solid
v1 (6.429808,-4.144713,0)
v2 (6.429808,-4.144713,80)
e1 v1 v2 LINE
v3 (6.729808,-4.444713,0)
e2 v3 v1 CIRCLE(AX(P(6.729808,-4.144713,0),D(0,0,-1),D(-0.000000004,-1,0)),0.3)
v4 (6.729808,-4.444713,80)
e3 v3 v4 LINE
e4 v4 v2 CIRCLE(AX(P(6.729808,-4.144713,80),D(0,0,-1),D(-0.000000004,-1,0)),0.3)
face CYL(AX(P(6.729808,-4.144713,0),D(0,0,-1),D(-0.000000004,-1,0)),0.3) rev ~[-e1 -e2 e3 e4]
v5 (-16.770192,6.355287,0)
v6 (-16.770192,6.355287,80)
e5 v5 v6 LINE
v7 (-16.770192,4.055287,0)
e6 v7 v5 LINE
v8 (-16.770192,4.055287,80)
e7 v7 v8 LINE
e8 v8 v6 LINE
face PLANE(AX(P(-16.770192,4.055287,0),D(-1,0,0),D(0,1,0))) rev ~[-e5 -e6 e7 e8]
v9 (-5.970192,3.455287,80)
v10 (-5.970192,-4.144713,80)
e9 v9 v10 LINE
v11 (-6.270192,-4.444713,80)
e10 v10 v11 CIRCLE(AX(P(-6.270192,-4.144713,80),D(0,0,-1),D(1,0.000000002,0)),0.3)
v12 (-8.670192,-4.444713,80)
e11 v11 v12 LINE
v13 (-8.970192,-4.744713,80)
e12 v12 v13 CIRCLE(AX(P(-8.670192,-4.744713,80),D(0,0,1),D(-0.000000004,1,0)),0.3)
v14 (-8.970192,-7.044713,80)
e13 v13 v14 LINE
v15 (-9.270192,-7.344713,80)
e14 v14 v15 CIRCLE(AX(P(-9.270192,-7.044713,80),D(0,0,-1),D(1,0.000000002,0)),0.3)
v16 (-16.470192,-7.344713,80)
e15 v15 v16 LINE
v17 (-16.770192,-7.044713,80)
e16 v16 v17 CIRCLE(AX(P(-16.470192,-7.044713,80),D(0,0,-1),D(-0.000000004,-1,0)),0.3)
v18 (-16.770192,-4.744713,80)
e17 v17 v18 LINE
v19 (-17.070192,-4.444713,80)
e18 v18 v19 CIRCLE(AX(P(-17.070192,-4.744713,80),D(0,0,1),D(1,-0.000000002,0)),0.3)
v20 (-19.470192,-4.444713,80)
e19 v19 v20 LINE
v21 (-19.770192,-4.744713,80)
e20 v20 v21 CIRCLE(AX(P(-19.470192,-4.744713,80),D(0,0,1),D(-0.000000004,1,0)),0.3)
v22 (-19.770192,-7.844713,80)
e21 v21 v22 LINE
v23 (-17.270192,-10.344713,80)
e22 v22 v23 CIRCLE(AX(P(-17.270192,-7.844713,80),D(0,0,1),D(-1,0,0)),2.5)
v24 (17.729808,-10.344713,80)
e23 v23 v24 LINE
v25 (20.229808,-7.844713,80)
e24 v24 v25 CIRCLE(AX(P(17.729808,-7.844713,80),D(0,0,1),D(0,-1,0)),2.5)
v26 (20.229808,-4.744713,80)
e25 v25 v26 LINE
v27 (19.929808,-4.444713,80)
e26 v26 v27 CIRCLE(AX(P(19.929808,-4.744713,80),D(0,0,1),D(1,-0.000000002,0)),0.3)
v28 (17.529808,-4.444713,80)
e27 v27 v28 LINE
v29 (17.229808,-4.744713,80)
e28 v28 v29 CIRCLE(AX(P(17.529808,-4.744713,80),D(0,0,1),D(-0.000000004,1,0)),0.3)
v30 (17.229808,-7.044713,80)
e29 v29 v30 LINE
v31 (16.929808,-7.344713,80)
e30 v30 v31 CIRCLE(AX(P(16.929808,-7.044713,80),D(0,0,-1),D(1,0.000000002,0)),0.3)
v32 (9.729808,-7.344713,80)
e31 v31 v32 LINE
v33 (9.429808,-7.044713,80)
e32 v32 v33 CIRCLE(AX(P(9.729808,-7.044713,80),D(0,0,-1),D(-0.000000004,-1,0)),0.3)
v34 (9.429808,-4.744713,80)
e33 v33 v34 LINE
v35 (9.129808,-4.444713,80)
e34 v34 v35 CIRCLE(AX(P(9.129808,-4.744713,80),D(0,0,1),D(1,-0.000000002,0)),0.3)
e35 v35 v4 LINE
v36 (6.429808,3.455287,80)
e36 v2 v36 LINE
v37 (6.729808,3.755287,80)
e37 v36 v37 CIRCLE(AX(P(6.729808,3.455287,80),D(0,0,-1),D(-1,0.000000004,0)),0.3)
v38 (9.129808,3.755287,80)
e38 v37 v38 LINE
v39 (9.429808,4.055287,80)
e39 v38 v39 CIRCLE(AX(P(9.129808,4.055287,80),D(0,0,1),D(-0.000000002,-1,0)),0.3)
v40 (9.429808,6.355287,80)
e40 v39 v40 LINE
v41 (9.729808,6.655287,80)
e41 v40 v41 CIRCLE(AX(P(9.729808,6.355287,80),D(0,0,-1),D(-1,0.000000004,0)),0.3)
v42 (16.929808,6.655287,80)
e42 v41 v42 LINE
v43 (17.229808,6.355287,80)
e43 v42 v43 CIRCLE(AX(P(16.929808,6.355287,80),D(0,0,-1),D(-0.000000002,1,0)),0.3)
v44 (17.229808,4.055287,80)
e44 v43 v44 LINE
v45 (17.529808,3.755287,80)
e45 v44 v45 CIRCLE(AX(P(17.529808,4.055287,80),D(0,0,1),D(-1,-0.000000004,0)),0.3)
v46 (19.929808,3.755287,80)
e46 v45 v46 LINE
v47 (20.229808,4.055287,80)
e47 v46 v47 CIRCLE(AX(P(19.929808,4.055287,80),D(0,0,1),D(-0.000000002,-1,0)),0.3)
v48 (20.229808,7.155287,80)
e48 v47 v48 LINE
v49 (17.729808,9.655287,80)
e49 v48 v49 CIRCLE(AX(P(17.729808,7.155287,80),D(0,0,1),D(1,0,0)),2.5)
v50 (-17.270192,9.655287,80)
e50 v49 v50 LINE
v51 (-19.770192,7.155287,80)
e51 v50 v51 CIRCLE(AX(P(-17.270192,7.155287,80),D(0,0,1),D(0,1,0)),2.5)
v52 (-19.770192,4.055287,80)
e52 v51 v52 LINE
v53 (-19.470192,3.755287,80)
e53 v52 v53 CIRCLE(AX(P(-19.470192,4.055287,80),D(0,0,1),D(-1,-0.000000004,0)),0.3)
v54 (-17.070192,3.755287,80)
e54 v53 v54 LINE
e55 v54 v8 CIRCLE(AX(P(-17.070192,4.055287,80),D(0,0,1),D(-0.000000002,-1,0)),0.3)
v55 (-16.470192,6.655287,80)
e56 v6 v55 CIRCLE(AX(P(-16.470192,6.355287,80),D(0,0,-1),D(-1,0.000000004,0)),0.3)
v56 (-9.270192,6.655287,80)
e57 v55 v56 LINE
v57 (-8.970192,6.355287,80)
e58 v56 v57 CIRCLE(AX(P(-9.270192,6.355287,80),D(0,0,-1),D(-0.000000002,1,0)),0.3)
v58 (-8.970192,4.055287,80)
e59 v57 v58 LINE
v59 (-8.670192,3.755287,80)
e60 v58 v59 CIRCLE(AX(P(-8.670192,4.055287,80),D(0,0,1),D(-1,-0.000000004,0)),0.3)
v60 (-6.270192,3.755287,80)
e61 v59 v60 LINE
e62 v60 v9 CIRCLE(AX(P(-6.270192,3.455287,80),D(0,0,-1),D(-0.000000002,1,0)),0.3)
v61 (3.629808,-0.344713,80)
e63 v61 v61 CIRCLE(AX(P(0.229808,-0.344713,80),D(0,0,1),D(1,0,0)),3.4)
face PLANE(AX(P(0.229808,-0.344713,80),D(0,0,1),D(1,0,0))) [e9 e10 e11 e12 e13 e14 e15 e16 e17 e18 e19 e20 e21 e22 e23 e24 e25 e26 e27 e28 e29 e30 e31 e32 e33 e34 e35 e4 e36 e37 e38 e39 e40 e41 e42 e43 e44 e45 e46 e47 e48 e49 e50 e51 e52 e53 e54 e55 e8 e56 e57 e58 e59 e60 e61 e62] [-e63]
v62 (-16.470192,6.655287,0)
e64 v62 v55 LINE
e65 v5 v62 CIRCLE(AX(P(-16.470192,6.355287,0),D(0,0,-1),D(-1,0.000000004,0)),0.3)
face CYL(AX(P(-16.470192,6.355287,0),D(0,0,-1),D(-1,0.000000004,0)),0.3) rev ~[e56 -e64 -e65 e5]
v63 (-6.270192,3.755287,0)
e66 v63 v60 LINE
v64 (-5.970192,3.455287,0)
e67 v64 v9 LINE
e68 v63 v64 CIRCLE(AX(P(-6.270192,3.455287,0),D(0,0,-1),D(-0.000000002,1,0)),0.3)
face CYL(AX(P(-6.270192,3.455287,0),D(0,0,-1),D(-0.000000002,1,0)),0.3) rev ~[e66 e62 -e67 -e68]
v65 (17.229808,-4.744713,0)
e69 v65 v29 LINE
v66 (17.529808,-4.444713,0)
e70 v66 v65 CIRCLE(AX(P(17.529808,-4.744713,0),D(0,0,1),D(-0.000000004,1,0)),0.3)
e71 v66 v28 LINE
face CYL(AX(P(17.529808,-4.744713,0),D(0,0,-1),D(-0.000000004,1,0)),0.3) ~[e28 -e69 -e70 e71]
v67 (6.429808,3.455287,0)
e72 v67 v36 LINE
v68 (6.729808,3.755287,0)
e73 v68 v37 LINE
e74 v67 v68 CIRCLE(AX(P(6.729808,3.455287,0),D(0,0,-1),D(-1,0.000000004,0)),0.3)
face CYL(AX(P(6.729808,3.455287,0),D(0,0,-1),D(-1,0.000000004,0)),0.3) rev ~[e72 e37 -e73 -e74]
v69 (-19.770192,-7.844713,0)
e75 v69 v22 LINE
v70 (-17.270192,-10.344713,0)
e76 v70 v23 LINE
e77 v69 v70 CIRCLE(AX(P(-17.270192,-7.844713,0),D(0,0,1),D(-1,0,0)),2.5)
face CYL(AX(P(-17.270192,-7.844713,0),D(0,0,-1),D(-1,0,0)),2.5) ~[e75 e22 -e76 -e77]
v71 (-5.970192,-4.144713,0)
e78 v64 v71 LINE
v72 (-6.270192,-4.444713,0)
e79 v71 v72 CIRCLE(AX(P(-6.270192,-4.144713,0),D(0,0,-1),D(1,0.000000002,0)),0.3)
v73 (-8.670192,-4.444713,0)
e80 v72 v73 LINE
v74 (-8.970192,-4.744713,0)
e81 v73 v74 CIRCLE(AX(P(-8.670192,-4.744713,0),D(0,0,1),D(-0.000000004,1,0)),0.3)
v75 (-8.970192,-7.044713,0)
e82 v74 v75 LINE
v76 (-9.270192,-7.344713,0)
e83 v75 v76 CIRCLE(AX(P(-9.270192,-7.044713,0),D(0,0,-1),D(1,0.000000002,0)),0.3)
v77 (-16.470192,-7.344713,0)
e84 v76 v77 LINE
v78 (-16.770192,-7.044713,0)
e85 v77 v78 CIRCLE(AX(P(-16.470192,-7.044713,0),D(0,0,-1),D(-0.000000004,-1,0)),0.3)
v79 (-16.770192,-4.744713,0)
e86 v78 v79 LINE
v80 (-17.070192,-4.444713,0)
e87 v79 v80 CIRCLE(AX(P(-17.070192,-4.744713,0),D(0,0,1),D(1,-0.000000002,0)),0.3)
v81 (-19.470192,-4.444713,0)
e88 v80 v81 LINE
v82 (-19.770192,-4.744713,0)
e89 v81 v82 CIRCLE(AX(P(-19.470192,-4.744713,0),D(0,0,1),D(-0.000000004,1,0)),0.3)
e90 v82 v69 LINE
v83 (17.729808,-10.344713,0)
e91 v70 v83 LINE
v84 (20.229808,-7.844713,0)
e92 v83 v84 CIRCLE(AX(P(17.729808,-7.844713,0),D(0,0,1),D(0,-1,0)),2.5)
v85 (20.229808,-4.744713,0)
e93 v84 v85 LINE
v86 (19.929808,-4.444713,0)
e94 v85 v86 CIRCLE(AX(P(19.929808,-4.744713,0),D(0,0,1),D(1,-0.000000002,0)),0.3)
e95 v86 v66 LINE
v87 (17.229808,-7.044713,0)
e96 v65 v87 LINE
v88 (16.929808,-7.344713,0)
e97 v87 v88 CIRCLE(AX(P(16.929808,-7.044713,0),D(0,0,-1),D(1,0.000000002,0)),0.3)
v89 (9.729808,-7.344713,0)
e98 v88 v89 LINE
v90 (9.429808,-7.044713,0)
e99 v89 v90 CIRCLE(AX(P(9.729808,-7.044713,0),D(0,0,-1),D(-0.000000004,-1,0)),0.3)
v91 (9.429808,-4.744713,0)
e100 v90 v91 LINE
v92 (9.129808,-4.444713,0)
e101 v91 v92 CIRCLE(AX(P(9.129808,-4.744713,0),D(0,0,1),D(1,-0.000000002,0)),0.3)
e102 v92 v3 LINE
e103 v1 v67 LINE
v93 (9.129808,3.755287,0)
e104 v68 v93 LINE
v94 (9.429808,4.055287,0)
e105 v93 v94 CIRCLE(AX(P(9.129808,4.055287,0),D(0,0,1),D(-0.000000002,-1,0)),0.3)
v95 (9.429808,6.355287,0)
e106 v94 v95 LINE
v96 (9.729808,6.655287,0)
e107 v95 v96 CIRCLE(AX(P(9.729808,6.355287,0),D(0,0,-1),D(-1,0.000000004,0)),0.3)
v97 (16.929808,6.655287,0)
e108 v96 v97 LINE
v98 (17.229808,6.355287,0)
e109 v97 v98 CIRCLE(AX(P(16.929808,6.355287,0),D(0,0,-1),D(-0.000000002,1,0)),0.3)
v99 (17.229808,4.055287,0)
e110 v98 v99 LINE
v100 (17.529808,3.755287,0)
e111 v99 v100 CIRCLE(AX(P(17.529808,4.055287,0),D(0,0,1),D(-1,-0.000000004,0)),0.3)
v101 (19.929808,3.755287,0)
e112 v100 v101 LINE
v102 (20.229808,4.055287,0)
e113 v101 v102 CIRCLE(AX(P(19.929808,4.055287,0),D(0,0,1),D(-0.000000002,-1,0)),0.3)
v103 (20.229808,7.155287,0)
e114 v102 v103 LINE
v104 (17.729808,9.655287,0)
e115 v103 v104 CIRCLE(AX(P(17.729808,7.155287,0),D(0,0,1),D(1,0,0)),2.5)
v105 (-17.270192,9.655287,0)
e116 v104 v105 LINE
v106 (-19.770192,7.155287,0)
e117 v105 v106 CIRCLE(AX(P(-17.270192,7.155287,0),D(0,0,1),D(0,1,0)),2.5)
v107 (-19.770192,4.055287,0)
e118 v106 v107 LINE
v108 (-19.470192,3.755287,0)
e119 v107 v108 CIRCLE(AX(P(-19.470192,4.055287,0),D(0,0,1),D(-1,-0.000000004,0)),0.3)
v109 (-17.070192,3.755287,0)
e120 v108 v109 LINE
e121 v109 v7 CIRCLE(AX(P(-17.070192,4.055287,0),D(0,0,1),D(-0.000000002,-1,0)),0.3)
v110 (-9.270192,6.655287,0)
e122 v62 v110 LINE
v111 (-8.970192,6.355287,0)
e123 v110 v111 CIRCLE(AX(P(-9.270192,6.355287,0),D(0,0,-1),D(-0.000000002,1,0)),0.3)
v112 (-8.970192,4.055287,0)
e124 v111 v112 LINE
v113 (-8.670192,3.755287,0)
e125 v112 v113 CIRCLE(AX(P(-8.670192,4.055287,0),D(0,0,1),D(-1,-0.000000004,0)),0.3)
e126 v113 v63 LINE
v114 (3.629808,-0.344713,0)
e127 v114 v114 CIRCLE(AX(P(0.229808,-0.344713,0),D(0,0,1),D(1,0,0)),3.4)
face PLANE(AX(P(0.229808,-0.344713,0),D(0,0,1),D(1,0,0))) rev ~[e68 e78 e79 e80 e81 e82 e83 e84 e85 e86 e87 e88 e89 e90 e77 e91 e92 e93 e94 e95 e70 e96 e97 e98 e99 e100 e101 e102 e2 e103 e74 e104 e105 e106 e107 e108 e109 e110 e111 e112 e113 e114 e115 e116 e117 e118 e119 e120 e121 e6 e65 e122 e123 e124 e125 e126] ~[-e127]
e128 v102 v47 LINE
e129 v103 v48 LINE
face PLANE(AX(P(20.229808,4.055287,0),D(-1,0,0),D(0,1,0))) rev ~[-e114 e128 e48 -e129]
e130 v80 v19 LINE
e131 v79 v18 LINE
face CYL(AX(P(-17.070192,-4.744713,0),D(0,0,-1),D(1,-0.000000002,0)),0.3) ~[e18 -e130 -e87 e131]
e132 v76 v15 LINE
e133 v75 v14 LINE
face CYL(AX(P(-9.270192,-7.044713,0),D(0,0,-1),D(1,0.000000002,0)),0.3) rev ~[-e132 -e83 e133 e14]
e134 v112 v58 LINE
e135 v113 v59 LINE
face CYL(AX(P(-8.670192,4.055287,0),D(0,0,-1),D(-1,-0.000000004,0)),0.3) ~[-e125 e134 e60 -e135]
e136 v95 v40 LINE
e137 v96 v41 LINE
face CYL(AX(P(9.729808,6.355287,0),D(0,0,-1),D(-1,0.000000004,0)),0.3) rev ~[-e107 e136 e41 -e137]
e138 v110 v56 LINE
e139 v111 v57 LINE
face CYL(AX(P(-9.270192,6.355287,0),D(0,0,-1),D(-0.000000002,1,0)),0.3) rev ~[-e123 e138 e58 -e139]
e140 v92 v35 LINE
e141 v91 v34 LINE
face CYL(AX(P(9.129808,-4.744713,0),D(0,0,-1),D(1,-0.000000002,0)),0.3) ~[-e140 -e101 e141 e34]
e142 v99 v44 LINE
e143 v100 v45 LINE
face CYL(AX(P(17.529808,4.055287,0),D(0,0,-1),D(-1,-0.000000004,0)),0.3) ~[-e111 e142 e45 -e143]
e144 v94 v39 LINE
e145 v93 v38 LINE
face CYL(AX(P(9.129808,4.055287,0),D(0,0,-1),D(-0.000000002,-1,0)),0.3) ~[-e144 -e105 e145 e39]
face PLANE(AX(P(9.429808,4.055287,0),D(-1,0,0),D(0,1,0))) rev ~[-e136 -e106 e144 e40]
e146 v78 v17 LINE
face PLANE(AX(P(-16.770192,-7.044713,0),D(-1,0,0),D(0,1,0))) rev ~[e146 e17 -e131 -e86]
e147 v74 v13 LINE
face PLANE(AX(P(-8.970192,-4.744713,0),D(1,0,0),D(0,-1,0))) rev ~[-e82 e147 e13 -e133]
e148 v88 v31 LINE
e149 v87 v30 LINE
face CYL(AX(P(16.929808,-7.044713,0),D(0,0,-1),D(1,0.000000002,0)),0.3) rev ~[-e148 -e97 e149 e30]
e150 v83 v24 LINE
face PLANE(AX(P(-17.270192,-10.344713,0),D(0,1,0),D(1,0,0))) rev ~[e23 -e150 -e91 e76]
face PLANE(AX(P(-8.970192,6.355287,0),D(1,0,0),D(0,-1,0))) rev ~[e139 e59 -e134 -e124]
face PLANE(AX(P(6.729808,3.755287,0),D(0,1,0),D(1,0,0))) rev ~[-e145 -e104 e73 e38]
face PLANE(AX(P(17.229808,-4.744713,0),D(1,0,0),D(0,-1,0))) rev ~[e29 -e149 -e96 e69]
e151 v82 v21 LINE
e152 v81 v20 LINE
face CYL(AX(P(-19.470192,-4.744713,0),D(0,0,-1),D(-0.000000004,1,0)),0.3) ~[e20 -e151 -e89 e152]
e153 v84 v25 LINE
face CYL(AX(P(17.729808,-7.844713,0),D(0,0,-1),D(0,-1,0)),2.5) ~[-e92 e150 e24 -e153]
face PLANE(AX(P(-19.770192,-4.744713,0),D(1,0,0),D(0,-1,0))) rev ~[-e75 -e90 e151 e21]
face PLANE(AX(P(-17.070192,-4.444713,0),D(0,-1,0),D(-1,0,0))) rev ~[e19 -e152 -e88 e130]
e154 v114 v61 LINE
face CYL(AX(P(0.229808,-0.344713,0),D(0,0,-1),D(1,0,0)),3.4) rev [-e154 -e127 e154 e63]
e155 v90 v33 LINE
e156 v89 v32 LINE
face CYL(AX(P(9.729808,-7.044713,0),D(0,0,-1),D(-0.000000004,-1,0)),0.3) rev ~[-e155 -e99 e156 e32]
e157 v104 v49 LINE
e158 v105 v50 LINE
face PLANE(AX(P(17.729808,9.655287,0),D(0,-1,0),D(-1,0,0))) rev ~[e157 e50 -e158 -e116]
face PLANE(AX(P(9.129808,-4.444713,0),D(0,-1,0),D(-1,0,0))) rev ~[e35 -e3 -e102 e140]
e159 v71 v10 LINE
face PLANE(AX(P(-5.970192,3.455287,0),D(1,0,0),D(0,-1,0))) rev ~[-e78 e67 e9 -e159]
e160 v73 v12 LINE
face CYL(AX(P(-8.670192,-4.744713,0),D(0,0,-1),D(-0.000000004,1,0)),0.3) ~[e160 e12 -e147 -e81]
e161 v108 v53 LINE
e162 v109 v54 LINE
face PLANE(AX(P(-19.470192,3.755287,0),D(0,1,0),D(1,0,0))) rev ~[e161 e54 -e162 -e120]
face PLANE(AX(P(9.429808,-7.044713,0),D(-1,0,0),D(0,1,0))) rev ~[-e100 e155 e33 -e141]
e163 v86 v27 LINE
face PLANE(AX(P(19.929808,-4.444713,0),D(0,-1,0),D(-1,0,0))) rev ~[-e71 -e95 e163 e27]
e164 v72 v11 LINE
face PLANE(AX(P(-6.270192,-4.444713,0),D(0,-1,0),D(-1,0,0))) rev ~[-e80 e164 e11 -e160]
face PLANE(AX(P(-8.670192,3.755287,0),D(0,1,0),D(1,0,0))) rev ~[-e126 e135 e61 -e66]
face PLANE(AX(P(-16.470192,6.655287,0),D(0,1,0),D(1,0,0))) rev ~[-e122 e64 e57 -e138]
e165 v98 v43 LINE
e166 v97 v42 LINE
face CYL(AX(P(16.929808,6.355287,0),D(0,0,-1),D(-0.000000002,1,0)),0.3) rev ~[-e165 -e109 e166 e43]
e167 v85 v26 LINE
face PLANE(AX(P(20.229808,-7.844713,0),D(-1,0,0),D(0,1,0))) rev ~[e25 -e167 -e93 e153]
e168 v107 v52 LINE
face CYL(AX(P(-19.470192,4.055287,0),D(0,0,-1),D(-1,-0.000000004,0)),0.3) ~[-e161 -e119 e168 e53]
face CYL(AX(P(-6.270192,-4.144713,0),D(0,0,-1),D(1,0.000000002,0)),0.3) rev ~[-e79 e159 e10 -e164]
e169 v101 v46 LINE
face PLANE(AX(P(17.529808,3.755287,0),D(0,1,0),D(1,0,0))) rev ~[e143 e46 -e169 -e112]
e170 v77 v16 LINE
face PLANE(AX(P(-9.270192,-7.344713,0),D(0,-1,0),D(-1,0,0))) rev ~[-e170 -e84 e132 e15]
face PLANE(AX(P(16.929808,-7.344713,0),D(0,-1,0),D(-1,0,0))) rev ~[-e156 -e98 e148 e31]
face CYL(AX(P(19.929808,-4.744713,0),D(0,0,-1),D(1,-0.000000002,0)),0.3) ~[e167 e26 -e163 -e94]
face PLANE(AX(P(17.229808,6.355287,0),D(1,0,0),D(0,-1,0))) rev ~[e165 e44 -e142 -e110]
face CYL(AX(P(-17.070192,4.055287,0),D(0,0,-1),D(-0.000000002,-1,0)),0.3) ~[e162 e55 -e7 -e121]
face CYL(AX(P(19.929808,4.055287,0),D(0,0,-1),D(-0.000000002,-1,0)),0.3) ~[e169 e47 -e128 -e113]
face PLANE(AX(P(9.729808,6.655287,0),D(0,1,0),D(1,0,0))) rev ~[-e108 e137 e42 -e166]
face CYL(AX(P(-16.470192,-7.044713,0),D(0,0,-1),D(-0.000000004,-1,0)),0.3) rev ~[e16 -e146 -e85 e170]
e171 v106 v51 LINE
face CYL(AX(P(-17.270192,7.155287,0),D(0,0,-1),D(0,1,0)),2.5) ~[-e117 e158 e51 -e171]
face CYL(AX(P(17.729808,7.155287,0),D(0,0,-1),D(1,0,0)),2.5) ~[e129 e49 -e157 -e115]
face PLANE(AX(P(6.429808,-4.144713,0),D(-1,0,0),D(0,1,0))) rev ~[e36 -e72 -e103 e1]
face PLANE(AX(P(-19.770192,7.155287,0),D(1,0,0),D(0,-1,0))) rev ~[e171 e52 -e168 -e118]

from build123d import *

# Parameters (mm, degrees)
SKETCH_1_R      = 3.4
EXTRUDE_1_DEPTH = 80


with BuildPart() as part:
    # 草图1 → 凸台-拉伸1 (new body)
    with BuildSketch(Plane.XY):
        with BuildLine():
            Line((20.229808423, 4.055287365), (20.229808423, 7.155287365))
            ThreePointArc((20.229808423, 7.155287365), (19.497575376, 8.923054318), (17.729808423, 9.655287365))
            Line((17.729808423, 9.655287365), (-17.270191577, 9.655287365))
            ThreePointArc((-17.270191577, 9.655287365), (-19.03795853, 8.923054318), (-19.770191577, 7.155287365))
            Line((-19.770191577, 7.155287365), (-19.770191577, 4.055287365))
            ThreePointArc((-19.770191577, 4.055287365), (-19.682323611, 3.843155331), (-19.470191577, 3.755287365))
            Line((-19.470191577, 3.755287365), (-17.070191577, 3.755287365))
            ThreePointArc((-17.070191577, 3.755287365), (-16.858059542, 3.843155331), (-16.770191577, 4.055287365))
            Line((-16.770191577, 4.055287365), (-16.770191577, 6.355287365))
            ThreePointArc((-16.770191577, 6.355287365), (-16.682323611, 6.567419399), (-16.470191577, 6.655287365))
            Line((-16.470191577, 6.655287365), (-9.270191577, 6.655287365))
            ThreePointArc((-9.270191577, 6.655287365), (-9.058059542, 6.567419399), (-8.970191577, 6.355287365))
            Line((-8.970191577, 6.355287365), (-8.970191577, 4.055287365))
            ThreePointArc((-8.970191577, 4.055287365), (-8.882323611, 3.843155331), (-8.670191577, 3.755287365))
            Line((-8.670191577, 3.755287365), (-6.270191577, 3.755287365))
            ThreePointArc((-6.270191577, 3.755287365), (-6.058059542, 3.667419399), (-5.970191577, 3.455287365))
            Line((-5.970191577, 3.455287365), (-5.970191577, -4.144712635))
            ThreePointArc((-5.970191577, -4.144712635), (-6.058059542, -4.356844669), (-6.270191577, -4.444712635))
            Line((-6.270191577, -4.444712635), (-8.670191577, -4.444712635))
            ThreePointArc((-8.670191577, -4.444712635), (-8.882323611, -4.532580601), (-8.970191577, -4.744712635))
            Line((-8.970191577, -4.744712635), (-8.970191577, -7.044712635))
            ThreePointArc((-8.970191577, -7.044712635), (-9.058059542, -7.256844669), (-9.270191577, -7.344712635))
            Line((-9.270191577, -7.344712635), (-16.470191577, -7.344712635))
            ThreePointArc((-16.470191577, -7.344712635), (-16.682323611, -7.256844669), (-16.770191577, -7.044712635))
            Line((-16.770191577, -7.044712635), (-16.770191577, -4.744712635))
            ThreePointArc((-16.770191577, -4.744712635), (-16.858059542, -4.532580601), (-17.070191577, -4.444712635))
            Line((-17.070191577, -4.444712635), (-19.470191577, -4.444712635))
            ThreePointArc((-19.470191577, -4.444712635), (-19.682323611, -4.532580601), (-19.770191577, -4.744712635))
            Line((-19.770191577, -4.744712635), (-19.770191577, -7.844712635))
            ThreePointArc((-19.770191577, -7.844712635), (-19.03795853, -9.612479588), (-17.270191577, -10.344712635))
            Line((-17.270191577, -10.344712635), (17.729808423, -10.344712635))
            ThreePointArc((17.729808423, -10.344712635), (19.497575376, -9.612479588), (20.229808423, -7.844712635))
            Line((20.229808423, -7.844712635), (20.229808423, -4.744712635))
            ThreePointArc((20.229808423, -4.744712635), (20.141940458, -4.532580601), (19.929808423, -4.444712635))
            Line((19.929808423, -4.444712635), (17.529808423, -4.444712635))
            ThreePointArc((17.529808423, -4.444712635), (17.317676389, -4.532580601), (17.229808423, -4.744712635))
            Line((17.229808423, -4.744712635), (17.229808423, -7.044712635))
            ThreePointArc((17.229808423, -7.044712635), (17.141940458, -7.256844669), (16.929808423, -7.344712635))
            Line((16.929808423, -7.344712635), (9.729808423, -7.344712635))
            ThreePointArc((9.729808423, -7.344712635), (9.517676389, -7.256844669), (9.429808423, -7.044712635))
            Line((9.429808423, -7.044712635), (9.429808423, -4.744712635))
            ThreePointArc((9.429808423, -4.744712635), (9.341940458, -4.532580601), (9.129808423, -4.444712635))
            Line((9.129808423, -4.444712635), (6.729808423, -4.444712635))
            ThreePointArc((6.729808423, -4.444712635), (6.517676389, -4.356844669), (6.429808423, -4.144712635))
            Line((6.429808423, -4.144712635), (6.429808423, 3.455287365))
            ThreePointArc((6.429808423, 3.455287365), (6.517676389, 3.667419399), (6.729808423, 3.755287365))
            Line((6.729808423, 3.755287365), (9.129808423, 3.755287365))
            ThreePointArc((9.129808423, 3.755287365), (9.341940458, 3.843155331), (9.429808423, 4.055287365))
            Line((9.429808423, 4.055287365), (9.429808423, 6.355287365))
            ThreePointArc((9.429808423, 6.355287365), (9.517676389, 6.567419399), (9.729808423, 6.655287365))
            Line((9.729808423, 6.655287365), (16.929808423, 6.655287365))
            ThreePointArc((16.929808423, 6.655287365), (17.141940458, 6.567419399), (17.229808423, 6.355287365))
            Line((17.229808423, 6.355287365), (17.229808423, 4.055287365))
            ThreePointArc((17.229808423, 4.055287365), (17.317676389, 3.843155331), (17.529808423, 3.755287365))
            Line((17.529808423, 3.755287365), (19.929808423, 3.755287365))
            ThreePointArc((19.929808423, 3.755287365), (20.141940458, 3.843155331), (20.229808423, 4.055287365))
        make_face()
        with Locations((0.229808423, -0.344712635)):
            Circle(SKETCH_1_R, mode=Mode.SUBTRACT)
    extrude(amount=EXTRUDE_1_DEPTH)


solid = part.part
